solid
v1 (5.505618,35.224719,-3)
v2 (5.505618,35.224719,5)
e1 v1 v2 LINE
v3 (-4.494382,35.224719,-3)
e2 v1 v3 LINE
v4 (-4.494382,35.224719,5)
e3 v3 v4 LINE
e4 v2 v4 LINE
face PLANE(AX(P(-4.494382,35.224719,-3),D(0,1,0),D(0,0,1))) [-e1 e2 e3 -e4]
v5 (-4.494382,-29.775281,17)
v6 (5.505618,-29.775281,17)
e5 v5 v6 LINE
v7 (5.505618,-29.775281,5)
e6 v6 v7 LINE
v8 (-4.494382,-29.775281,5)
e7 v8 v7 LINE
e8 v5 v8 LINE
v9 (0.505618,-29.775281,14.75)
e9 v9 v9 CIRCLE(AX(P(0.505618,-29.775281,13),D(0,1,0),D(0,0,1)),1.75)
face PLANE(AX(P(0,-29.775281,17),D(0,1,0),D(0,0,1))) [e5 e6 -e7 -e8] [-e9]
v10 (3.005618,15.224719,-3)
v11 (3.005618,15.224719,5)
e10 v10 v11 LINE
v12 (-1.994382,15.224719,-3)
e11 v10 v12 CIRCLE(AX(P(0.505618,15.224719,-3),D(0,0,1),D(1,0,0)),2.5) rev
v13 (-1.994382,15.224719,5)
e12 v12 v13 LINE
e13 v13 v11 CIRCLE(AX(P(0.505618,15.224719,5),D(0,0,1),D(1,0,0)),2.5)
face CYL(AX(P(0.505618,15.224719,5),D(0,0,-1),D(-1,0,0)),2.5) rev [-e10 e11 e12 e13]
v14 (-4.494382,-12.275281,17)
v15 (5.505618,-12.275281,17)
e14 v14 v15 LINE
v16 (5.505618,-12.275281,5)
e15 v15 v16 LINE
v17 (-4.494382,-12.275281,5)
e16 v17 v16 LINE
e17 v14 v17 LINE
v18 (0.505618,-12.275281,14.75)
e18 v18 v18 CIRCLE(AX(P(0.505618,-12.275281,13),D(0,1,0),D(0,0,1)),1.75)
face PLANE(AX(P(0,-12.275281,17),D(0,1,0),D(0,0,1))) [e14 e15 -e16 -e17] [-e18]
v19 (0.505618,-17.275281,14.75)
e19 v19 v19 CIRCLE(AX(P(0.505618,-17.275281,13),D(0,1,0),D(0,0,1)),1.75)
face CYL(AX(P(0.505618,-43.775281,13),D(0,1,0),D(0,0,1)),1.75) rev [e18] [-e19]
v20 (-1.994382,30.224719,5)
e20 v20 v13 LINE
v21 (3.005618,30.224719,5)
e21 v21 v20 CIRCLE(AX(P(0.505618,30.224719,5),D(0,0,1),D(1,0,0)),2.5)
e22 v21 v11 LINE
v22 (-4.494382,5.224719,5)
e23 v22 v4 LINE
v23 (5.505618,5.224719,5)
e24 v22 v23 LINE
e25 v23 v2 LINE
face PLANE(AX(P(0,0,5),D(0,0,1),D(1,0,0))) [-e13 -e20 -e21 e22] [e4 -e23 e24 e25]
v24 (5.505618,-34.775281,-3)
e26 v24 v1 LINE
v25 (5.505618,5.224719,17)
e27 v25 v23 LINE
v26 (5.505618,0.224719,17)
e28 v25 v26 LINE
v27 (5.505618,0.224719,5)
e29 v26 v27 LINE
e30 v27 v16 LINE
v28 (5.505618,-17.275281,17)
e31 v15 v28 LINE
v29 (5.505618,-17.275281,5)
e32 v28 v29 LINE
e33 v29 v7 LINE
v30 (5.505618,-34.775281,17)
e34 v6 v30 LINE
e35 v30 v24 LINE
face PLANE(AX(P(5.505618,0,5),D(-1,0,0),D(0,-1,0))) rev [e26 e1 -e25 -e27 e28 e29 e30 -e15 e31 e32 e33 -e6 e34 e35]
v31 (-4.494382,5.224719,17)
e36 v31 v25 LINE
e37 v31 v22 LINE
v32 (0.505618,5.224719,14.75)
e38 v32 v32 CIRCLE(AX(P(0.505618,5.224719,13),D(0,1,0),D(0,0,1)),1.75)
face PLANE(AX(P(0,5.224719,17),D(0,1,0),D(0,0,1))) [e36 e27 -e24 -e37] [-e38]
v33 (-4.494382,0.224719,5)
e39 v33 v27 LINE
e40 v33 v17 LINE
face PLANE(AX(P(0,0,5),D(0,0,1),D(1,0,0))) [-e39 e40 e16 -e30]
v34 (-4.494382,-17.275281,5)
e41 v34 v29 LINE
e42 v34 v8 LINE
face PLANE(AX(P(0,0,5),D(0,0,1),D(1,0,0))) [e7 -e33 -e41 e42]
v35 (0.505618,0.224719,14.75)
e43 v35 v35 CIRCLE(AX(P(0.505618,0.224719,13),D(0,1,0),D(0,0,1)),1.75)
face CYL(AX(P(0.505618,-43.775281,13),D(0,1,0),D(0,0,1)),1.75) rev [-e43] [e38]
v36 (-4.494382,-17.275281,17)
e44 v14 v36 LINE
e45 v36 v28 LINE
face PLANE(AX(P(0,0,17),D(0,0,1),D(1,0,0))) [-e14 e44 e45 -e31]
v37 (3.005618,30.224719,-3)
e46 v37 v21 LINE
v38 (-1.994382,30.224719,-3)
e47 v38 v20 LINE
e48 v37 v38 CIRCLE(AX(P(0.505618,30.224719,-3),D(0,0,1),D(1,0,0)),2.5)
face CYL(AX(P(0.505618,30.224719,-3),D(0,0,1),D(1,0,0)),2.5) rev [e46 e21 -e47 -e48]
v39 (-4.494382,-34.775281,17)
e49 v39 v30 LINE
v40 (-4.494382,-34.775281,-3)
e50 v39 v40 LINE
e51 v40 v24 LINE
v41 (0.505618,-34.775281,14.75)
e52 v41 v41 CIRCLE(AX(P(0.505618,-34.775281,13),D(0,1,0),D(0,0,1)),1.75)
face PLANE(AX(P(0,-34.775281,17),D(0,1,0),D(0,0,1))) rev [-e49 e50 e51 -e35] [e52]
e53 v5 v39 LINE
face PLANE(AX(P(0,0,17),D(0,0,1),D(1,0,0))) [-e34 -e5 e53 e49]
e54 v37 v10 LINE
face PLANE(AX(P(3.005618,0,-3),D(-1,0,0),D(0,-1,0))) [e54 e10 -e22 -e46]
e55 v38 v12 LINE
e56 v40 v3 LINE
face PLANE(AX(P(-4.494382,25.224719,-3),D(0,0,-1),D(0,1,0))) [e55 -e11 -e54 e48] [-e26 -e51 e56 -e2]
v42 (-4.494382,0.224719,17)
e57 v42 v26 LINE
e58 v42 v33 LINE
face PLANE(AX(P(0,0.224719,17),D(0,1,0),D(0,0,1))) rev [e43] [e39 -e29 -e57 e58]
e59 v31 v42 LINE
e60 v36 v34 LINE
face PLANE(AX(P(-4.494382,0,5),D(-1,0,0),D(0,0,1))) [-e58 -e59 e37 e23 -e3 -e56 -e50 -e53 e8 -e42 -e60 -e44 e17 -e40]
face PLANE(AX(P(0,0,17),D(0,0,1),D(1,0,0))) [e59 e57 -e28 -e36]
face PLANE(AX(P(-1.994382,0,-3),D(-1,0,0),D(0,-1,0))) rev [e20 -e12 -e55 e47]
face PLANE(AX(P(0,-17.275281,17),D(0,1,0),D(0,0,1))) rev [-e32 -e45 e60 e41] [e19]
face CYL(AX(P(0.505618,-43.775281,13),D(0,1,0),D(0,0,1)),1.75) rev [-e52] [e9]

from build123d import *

# Parameters (mm, degrees)
SKETCH_1_W          = 10
SKETCH_1_H          = 20
SKETCH_1_R          = 2.5
EXTRUDE_1_DEPTH     = 5
SKETCH_1_H_2        = 12.5
EXTRUDE_1_2_DEPTH   = 5
EXTRUDE_1_3_DEPTH   = 5
SKETCH_1_3_W        = 10
SKETCH_1_3_H        = 5
EXTRUDE_2_DEPTH     = 17
SKETCH_2_R          = 1.75
CUT_EXTRUDE_1_DEPTH = 49
SKETCH_3_W          = 3
SKETCH_3_H          = 60
EXTRUDE_3_DEPTH     = 10
SKETCH_4_W          = 10
SKETCH_4_H          = 10
SKETCH_4_R          = 2.5
EXTRUDE_4_DEPTH     = 8
CUT_EXTRUDE_2_DEPTH = 8


with BuildPart() as part:
    # 草图1 → 凸台-拉伸1 (new body)
    with BuildSketch(Plane.XY):
        with Locations((0.505617978, 15.224719101)):
            Rectangle(SKETCH_1_W, SKETCH_1_H)
        with Locations((0.505617978, 15.224719101)):
            Circle(SKETCH_1_R, mode=Mode.SUBTRACT)
    extrude(amount=EXTRUDE_1_DEPTH)



with BuildPart() as body_2:
    # 草图1 → Extrude 1 2 (new body)
    with BuildSketch(Plane.XY):
        with Locations((0.505617978, -6.025280899)):
            Rectangle(SKETCH_1_W, SKETCH_1_H_2)
    extrude(amount=EXTRUDE_1_2_DEPTH)


with BuildPart() as body_3:
    # 草图1 → Extrude 1 3 (new body)
    with BuildSketch(Plane.XY):
        with Locations((0.505617978, -23.525280899)):
            Rectangle(SKETCH_1_W, SKETCH_1_H_2)
    extrude(amount=EXTRUDE_1_3_DEPTH)


with BuildPart() as part_1:
    add(part.part)

    add(body_2.part)  # 凸台-拉伸2 merges body 2

    add(body_3.part)  # 凸台-拉伸2 merges body 3
    # 草图1<3> → 凸台-拉伸2 (add)
    with BuildSketch(Plane.XY):
        with Locations((0.505617978, 2.724719101)):
            Rectangle(SKETCH_1_3_W, SKETCH_1_3_H)
        with Locations((0.505617978, -14.775280899)):
            Rectangle(SKETCH_1_3_W, SKETCH_1_3_H)
        with Locations((0.505617978, -32.275280899)):
            Rectangle(SKETCH_1_3_W, SKETCH_1_3_H)
    extrude(amount=EXTRUDE_2_DEPTH)

    # 草图2 → 切除-拉伸1 (cut)
    with BuildSketch(Plane(origin=(0, 5.224719101, 0), x_dir=(1, 0, 0), z_dir=(0, 1, 0))):
        with Locations((0.505617978, -13)):
            Circle(SKETCH_2_R)
    extrude(amount=-CUT_EXTRUDE_1_DEPTH, mode=Mode.SUBTRACT)

    # 草图3 → 凸台-拉伸3 (add)
    with BuildSketch(Plane(origin=(5.505617978, 0, 0), x_dir=(0, 0, -1), z_dir=(1, 0, 0))):
        with Locations((1.5, -4.775280899)):
            Rectangle(SKETCH_3_W, SKETCH_3_H)
    extrude(amount=-EXTRUDE_3_DEPTH)

    # 草图4 → 凸台-拉伸4 (add)
    with BuildSketch(Plane.XY.offset(5)):
        with Locations((0.505617978, 30.224719101)):
            Rectangle(SKETCH_4_W, SKETCH_4_H)
        with Locations((0.505617978, 30.224719101)):
            Circle(SKETCH_4_R, mode=Mode.SUBTRACT)
    extrude(amount=-EXTRUDE_4_DEPTH)

    # 草图6 → 切除-拉伸2 (cut)
    with BuildSketch(Plane.XY.offset(5)):
        with BuildLine():
            Line((3.005617978, 15.224719101), (3.005617978, 30.224719101))
            ThreePointArc((3.005617978, 30.224719101), (0.505617978, 32.724719101), (-1.994382022, 30.224719101))
            Line((-1.994382022, 30.224719101), (-1.994382022, 15.224719101))
            ThreePointArc((-1.994382022, 15.224719101), (0.505617978, 12.724719101), (3.005617978, 15.224719101))
        make_face()
    extrude(amount=-CUT_EXTRUDE_2_DEPTH, mode=Mode.SUBTRACT)


solid = part_1.part
